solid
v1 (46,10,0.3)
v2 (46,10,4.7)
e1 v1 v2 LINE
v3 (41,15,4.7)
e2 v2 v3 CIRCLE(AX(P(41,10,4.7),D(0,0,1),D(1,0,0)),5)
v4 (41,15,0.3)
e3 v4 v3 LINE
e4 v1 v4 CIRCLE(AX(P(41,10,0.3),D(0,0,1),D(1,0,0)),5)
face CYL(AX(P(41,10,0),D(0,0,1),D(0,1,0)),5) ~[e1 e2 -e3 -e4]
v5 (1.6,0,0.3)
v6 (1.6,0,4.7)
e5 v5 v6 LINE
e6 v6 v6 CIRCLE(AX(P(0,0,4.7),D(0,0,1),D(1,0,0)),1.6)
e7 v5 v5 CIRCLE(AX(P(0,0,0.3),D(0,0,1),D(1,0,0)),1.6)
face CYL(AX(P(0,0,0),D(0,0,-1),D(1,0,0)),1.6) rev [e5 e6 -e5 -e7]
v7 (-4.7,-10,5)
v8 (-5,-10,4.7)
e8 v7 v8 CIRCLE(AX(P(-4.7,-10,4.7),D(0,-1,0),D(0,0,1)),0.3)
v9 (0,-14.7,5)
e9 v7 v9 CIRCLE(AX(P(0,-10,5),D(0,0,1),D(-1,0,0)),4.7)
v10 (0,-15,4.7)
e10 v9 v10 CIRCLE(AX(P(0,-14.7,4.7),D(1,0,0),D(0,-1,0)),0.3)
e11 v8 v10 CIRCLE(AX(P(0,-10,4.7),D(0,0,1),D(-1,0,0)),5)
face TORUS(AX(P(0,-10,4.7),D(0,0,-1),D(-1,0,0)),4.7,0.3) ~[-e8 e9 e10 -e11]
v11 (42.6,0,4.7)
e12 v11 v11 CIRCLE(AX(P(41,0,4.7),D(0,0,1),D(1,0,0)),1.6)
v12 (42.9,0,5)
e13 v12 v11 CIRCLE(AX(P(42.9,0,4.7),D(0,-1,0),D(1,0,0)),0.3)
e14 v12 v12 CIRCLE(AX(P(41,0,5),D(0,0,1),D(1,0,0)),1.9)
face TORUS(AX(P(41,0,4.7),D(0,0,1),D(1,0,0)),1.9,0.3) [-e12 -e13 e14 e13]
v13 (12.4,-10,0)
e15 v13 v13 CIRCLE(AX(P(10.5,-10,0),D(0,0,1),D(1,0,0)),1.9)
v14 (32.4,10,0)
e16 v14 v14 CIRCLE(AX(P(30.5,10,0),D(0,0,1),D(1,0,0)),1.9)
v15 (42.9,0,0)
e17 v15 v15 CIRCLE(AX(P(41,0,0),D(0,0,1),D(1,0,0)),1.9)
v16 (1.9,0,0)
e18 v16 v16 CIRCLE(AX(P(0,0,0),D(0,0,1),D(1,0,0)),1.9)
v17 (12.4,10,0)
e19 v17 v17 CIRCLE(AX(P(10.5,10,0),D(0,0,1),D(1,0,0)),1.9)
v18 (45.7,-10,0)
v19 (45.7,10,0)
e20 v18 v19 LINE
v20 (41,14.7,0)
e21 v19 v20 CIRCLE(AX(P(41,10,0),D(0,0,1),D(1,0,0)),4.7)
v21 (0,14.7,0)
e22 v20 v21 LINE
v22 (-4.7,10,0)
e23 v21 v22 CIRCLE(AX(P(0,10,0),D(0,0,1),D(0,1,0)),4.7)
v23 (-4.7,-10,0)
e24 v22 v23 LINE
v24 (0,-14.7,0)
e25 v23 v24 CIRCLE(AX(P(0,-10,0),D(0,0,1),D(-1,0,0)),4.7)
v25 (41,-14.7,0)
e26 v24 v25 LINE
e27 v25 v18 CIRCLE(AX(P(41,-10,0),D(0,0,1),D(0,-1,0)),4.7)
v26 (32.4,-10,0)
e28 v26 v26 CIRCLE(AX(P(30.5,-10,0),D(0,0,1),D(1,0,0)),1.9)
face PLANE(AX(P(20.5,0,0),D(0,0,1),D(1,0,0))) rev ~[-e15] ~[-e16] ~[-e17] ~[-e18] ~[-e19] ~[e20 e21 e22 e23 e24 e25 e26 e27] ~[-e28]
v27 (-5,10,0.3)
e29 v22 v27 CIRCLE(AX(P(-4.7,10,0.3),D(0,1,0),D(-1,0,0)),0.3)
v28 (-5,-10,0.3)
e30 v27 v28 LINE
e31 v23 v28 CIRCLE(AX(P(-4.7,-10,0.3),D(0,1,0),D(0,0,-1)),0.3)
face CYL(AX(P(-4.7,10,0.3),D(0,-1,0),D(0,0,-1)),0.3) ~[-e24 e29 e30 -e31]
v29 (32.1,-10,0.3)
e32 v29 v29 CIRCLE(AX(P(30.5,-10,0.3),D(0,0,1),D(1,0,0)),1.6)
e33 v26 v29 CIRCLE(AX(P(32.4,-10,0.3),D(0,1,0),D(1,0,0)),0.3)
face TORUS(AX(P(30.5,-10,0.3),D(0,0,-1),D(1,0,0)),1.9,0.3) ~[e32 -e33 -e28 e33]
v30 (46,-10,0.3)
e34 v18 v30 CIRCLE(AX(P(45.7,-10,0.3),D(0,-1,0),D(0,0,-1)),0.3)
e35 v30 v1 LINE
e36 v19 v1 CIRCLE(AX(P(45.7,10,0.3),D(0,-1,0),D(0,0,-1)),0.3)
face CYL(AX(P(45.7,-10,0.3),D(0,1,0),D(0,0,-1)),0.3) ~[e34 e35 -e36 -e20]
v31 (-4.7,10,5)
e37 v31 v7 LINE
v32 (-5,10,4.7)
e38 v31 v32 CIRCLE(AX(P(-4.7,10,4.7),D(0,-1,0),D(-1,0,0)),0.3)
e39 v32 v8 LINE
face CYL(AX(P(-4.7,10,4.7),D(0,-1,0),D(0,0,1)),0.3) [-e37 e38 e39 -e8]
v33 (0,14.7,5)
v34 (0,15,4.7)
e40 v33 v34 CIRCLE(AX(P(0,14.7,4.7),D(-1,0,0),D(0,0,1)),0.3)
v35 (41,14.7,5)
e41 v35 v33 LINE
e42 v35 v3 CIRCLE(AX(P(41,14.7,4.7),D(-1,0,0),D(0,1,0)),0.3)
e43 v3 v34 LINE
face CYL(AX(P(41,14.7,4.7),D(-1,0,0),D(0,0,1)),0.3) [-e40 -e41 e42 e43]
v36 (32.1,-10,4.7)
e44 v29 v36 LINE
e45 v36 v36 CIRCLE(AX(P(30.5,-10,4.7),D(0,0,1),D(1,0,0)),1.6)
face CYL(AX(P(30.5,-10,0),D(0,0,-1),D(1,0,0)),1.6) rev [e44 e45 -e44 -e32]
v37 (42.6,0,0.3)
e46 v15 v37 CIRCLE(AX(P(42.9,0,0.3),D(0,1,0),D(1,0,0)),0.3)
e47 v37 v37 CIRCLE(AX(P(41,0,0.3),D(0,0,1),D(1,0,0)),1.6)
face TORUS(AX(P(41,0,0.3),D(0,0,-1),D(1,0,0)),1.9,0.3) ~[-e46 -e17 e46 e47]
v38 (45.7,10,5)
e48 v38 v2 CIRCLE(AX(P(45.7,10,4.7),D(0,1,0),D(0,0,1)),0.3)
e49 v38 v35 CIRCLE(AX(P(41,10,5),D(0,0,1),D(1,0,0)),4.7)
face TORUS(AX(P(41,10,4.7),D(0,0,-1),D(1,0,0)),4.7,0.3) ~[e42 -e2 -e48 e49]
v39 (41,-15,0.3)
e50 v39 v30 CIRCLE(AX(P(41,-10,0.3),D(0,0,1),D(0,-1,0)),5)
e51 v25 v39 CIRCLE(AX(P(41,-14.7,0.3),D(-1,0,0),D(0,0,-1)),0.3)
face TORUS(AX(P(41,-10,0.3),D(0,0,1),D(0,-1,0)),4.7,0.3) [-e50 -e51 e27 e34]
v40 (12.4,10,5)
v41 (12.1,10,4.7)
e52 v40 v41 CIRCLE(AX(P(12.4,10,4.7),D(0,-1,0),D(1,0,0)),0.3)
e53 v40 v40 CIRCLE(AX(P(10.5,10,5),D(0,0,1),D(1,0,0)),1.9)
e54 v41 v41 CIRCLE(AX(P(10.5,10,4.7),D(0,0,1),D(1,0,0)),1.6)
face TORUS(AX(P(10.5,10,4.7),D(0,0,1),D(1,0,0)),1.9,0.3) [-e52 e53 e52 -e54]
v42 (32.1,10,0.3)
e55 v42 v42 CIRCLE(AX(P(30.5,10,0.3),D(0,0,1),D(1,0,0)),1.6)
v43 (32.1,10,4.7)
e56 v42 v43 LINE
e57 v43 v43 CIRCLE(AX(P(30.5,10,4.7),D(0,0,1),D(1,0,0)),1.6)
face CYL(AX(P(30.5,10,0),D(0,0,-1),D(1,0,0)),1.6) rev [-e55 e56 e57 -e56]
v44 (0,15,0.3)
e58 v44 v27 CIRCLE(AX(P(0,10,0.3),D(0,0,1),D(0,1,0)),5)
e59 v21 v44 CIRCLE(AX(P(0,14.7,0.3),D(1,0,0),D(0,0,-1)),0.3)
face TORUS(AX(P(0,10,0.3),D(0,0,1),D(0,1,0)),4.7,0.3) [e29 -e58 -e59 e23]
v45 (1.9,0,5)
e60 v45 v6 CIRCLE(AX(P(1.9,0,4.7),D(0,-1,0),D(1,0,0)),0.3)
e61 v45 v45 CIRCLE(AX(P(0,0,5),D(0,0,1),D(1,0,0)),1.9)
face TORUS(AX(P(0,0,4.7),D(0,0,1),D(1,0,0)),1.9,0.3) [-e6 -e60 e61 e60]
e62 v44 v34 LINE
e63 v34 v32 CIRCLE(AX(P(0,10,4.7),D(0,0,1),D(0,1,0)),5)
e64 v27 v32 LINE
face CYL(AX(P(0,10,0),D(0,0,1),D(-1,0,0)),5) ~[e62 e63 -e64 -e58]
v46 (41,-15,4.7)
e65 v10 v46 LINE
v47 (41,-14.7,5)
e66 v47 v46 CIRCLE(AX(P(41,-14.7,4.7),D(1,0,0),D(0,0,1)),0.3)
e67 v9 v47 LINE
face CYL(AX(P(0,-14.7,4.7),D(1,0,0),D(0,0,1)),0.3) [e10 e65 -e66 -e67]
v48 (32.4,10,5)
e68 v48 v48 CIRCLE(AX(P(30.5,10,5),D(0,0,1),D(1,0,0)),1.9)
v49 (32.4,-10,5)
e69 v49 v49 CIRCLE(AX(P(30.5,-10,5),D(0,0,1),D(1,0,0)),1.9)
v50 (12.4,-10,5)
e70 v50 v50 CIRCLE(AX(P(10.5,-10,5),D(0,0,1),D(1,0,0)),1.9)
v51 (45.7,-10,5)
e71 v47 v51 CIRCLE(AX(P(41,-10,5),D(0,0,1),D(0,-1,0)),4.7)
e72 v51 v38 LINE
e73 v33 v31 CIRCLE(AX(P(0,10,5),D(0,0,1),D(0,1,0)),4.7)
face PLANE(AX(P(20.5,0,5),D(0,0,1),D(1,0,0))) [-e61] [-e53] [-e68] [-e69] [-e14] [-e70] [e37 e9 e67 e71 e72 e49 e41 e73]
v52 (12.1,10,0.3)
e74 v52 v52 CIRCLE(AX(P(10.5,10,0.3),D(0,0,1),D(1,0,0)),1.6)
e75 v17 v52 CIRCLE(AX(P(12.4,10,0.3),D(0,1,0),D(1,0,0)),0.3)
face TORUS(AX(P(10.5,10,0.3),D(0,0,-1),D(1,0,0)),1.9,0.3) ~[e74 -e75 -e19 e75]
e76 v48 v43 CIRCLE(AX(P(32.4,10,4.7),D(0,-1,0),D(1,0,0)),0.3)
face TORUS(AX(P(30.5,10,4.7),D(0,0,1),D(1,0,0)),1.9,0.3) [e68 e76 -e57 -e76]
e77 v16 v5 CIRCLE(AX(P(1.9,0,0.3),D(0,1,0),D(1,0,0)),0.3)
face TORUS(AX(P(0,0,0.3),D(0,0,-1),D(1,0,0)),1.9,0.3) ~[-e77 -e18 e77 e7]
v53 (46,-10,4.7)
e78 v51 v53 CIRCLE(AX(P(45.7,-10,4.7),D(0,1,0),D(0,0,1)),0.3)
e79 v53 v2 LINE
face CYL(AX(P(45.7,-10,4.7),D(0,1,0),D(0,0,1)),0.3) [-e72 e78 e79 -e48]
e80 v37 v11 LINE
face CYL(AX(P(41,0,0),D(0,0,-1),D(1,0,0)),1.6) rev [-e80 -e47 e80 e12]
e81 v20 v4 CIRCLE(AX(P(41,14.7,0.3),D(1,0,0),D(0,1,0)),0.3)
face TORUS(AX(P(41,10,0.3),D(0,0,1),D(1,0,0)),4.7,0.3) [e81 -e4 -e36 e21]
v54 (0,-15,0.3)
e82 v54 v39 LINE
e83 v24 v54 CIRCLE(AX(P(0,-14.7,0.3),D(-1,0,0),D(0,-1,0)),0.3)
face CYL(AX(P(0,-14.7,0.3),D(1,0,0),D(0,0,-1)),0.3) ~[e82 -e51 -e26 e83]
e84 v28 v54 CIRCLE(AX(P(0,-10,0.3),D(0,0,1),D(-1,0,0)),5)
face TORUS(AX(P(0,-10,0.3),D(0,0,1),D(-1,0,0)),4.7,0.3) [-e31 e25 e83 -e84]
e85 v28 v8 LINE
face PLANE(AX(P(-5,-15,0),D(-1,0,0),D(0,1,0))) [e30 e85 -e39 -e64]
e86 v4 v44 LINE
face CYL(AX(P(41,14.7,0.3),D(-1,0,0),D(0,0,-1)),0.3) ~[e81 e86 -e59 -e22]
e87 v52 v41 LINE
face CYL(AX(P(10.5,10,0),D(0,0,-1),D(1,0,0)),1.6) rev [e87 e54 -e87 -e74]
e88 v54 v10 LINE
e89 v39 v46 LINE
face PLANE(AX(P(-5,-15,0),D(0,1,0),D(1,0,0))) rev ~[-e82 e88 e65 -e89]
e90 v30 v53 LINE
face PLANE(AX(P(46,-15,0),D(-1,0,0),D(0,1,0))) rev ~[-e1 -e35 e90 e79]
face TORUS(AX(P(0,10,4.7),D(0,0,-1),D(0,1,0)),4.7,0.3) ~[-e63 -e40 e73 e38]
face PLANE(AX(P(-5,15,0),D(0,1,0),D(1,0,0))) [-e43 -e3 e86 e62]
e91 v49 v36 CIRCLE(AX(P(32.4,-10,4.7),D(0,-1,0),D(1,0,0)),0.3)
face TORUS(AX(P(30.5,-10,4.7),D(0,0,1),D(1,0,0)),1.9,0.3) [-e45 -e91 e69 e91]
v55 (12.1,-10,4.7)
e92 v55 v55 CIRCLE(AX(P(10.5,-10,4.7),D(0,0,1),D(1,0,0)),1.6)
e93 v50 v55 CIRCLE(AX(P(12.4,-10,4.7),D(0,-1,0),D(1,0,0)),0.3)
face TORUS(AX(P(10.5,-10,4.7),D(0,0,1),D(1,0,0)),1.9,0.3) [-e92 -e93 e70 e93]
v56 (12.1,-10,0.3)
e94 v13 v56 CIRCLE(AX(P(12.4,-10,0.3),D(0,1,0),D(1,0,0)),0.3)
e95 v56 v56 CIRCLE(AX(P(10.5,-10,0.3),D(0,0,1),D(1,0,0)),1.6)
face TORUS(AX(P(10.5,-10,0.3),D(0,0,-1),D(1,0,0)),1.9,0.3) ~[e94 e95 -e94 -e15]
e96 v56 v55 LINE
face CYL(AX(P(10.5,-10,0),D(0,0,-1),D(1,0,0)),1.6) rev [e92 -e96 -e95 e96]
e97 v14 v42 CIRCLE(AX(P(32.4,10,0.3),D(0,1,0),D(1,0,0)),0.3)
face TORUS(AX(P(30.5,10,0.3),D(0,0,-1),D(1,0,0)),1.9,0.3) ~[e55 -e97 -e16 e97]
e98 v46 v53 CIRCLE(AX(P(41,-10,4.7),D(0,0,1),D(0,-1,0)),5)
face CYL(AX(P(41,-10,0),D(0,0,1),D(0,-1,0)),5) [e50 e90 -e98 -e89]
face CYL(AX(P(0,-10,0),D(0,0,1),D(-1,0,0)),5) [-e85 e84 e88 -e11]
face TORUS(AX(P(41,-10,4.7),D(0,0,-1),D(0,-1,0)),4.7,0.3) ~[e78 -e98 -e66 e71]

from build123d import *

# Parameters (mm, degrees)
F0_W     = 51
F0_H     = 30
F0_R     = 1.6
F1_DEPTH = 5
F2_R     = 5
F3_R     = 0.3


with BuildPart() as f1:
    # F0 (on Top) → F1 (new body)
    with BuildSketch(Plane.XY):
        with Locations((20.5, 0)):
            Rectangle(F0_W, F0_H)
        with Locations((10.5, -10)):
            Circle(F0_R, mode=Mode.SUBTRACT)
        with Locations((30.5, -10)):
            Circle(F0_R, mode=Mode.SUBTRACT)
        Circle(F0_R, mode=Mode.SUBTRACT)
        with Locations((10.5, 10)):
            Circle(F0_R, mode=Mode.SUBTRACT)
        with Locations((41, 0)):
            Circle(F0_R, mode=Mode.SUBTRACT)
        with Locations((30.5, 10)):
            Circle(F0_R, mode=Mode.SUBTRACT)
    extrude(amount=F1_DEPTH)

    # F2
    f2_edges = [f1.edges().sort_by_distance(p)[0] for p in [
        (-5, -15, 2.5),
        (46, -15, 2.5),
        (46, 15, 2.5),
        (-5, 15, 2.5),
    ]]
    fillet(f2_edges, radius=F2_R)

    # F3
    f3_edges = [f1.edges().sort_by_distance(p)[0] for p in [
        (46, 0, 0),
        (44.535534, -13.535534, 0),
        (44.535534, 13.535534, 0),
        (20.5, -15, 0),
        (20.5, 15, 0),
        (-3.535534, -13.535534, 0),
        (-3.535534, 13.535534, 0),
        (-5, 0, 0),
        (8.9, -10, 0),
        (28.9, -10, 0),
        (-1.6, 0, 0),
        (8.9, 10, 0),
        (39.4, 0, 0),
        (28.9, 10, 0),
        (46, 0, 5),
        (44.535534, -13.535534, 5),
        (44.535534, 13.535534, 5),
        (20.5, -15, 5),
        (20.5, 15, 5),
        (-3.535534, -13.535534, 5),
        (-3.535534, 13.535534, 5),
        (-5, 0, 5),
        (8.9, -10, 5),
        (28.9, -10, 5),
        (-1.6, 0, 5),
        (8.9, 10, 5),
        (39.4, 0, 5),
        (28.9, 10, 5),
    ]]
    fillet(f3_edges, radius=F3_R)


solid = f1.part
